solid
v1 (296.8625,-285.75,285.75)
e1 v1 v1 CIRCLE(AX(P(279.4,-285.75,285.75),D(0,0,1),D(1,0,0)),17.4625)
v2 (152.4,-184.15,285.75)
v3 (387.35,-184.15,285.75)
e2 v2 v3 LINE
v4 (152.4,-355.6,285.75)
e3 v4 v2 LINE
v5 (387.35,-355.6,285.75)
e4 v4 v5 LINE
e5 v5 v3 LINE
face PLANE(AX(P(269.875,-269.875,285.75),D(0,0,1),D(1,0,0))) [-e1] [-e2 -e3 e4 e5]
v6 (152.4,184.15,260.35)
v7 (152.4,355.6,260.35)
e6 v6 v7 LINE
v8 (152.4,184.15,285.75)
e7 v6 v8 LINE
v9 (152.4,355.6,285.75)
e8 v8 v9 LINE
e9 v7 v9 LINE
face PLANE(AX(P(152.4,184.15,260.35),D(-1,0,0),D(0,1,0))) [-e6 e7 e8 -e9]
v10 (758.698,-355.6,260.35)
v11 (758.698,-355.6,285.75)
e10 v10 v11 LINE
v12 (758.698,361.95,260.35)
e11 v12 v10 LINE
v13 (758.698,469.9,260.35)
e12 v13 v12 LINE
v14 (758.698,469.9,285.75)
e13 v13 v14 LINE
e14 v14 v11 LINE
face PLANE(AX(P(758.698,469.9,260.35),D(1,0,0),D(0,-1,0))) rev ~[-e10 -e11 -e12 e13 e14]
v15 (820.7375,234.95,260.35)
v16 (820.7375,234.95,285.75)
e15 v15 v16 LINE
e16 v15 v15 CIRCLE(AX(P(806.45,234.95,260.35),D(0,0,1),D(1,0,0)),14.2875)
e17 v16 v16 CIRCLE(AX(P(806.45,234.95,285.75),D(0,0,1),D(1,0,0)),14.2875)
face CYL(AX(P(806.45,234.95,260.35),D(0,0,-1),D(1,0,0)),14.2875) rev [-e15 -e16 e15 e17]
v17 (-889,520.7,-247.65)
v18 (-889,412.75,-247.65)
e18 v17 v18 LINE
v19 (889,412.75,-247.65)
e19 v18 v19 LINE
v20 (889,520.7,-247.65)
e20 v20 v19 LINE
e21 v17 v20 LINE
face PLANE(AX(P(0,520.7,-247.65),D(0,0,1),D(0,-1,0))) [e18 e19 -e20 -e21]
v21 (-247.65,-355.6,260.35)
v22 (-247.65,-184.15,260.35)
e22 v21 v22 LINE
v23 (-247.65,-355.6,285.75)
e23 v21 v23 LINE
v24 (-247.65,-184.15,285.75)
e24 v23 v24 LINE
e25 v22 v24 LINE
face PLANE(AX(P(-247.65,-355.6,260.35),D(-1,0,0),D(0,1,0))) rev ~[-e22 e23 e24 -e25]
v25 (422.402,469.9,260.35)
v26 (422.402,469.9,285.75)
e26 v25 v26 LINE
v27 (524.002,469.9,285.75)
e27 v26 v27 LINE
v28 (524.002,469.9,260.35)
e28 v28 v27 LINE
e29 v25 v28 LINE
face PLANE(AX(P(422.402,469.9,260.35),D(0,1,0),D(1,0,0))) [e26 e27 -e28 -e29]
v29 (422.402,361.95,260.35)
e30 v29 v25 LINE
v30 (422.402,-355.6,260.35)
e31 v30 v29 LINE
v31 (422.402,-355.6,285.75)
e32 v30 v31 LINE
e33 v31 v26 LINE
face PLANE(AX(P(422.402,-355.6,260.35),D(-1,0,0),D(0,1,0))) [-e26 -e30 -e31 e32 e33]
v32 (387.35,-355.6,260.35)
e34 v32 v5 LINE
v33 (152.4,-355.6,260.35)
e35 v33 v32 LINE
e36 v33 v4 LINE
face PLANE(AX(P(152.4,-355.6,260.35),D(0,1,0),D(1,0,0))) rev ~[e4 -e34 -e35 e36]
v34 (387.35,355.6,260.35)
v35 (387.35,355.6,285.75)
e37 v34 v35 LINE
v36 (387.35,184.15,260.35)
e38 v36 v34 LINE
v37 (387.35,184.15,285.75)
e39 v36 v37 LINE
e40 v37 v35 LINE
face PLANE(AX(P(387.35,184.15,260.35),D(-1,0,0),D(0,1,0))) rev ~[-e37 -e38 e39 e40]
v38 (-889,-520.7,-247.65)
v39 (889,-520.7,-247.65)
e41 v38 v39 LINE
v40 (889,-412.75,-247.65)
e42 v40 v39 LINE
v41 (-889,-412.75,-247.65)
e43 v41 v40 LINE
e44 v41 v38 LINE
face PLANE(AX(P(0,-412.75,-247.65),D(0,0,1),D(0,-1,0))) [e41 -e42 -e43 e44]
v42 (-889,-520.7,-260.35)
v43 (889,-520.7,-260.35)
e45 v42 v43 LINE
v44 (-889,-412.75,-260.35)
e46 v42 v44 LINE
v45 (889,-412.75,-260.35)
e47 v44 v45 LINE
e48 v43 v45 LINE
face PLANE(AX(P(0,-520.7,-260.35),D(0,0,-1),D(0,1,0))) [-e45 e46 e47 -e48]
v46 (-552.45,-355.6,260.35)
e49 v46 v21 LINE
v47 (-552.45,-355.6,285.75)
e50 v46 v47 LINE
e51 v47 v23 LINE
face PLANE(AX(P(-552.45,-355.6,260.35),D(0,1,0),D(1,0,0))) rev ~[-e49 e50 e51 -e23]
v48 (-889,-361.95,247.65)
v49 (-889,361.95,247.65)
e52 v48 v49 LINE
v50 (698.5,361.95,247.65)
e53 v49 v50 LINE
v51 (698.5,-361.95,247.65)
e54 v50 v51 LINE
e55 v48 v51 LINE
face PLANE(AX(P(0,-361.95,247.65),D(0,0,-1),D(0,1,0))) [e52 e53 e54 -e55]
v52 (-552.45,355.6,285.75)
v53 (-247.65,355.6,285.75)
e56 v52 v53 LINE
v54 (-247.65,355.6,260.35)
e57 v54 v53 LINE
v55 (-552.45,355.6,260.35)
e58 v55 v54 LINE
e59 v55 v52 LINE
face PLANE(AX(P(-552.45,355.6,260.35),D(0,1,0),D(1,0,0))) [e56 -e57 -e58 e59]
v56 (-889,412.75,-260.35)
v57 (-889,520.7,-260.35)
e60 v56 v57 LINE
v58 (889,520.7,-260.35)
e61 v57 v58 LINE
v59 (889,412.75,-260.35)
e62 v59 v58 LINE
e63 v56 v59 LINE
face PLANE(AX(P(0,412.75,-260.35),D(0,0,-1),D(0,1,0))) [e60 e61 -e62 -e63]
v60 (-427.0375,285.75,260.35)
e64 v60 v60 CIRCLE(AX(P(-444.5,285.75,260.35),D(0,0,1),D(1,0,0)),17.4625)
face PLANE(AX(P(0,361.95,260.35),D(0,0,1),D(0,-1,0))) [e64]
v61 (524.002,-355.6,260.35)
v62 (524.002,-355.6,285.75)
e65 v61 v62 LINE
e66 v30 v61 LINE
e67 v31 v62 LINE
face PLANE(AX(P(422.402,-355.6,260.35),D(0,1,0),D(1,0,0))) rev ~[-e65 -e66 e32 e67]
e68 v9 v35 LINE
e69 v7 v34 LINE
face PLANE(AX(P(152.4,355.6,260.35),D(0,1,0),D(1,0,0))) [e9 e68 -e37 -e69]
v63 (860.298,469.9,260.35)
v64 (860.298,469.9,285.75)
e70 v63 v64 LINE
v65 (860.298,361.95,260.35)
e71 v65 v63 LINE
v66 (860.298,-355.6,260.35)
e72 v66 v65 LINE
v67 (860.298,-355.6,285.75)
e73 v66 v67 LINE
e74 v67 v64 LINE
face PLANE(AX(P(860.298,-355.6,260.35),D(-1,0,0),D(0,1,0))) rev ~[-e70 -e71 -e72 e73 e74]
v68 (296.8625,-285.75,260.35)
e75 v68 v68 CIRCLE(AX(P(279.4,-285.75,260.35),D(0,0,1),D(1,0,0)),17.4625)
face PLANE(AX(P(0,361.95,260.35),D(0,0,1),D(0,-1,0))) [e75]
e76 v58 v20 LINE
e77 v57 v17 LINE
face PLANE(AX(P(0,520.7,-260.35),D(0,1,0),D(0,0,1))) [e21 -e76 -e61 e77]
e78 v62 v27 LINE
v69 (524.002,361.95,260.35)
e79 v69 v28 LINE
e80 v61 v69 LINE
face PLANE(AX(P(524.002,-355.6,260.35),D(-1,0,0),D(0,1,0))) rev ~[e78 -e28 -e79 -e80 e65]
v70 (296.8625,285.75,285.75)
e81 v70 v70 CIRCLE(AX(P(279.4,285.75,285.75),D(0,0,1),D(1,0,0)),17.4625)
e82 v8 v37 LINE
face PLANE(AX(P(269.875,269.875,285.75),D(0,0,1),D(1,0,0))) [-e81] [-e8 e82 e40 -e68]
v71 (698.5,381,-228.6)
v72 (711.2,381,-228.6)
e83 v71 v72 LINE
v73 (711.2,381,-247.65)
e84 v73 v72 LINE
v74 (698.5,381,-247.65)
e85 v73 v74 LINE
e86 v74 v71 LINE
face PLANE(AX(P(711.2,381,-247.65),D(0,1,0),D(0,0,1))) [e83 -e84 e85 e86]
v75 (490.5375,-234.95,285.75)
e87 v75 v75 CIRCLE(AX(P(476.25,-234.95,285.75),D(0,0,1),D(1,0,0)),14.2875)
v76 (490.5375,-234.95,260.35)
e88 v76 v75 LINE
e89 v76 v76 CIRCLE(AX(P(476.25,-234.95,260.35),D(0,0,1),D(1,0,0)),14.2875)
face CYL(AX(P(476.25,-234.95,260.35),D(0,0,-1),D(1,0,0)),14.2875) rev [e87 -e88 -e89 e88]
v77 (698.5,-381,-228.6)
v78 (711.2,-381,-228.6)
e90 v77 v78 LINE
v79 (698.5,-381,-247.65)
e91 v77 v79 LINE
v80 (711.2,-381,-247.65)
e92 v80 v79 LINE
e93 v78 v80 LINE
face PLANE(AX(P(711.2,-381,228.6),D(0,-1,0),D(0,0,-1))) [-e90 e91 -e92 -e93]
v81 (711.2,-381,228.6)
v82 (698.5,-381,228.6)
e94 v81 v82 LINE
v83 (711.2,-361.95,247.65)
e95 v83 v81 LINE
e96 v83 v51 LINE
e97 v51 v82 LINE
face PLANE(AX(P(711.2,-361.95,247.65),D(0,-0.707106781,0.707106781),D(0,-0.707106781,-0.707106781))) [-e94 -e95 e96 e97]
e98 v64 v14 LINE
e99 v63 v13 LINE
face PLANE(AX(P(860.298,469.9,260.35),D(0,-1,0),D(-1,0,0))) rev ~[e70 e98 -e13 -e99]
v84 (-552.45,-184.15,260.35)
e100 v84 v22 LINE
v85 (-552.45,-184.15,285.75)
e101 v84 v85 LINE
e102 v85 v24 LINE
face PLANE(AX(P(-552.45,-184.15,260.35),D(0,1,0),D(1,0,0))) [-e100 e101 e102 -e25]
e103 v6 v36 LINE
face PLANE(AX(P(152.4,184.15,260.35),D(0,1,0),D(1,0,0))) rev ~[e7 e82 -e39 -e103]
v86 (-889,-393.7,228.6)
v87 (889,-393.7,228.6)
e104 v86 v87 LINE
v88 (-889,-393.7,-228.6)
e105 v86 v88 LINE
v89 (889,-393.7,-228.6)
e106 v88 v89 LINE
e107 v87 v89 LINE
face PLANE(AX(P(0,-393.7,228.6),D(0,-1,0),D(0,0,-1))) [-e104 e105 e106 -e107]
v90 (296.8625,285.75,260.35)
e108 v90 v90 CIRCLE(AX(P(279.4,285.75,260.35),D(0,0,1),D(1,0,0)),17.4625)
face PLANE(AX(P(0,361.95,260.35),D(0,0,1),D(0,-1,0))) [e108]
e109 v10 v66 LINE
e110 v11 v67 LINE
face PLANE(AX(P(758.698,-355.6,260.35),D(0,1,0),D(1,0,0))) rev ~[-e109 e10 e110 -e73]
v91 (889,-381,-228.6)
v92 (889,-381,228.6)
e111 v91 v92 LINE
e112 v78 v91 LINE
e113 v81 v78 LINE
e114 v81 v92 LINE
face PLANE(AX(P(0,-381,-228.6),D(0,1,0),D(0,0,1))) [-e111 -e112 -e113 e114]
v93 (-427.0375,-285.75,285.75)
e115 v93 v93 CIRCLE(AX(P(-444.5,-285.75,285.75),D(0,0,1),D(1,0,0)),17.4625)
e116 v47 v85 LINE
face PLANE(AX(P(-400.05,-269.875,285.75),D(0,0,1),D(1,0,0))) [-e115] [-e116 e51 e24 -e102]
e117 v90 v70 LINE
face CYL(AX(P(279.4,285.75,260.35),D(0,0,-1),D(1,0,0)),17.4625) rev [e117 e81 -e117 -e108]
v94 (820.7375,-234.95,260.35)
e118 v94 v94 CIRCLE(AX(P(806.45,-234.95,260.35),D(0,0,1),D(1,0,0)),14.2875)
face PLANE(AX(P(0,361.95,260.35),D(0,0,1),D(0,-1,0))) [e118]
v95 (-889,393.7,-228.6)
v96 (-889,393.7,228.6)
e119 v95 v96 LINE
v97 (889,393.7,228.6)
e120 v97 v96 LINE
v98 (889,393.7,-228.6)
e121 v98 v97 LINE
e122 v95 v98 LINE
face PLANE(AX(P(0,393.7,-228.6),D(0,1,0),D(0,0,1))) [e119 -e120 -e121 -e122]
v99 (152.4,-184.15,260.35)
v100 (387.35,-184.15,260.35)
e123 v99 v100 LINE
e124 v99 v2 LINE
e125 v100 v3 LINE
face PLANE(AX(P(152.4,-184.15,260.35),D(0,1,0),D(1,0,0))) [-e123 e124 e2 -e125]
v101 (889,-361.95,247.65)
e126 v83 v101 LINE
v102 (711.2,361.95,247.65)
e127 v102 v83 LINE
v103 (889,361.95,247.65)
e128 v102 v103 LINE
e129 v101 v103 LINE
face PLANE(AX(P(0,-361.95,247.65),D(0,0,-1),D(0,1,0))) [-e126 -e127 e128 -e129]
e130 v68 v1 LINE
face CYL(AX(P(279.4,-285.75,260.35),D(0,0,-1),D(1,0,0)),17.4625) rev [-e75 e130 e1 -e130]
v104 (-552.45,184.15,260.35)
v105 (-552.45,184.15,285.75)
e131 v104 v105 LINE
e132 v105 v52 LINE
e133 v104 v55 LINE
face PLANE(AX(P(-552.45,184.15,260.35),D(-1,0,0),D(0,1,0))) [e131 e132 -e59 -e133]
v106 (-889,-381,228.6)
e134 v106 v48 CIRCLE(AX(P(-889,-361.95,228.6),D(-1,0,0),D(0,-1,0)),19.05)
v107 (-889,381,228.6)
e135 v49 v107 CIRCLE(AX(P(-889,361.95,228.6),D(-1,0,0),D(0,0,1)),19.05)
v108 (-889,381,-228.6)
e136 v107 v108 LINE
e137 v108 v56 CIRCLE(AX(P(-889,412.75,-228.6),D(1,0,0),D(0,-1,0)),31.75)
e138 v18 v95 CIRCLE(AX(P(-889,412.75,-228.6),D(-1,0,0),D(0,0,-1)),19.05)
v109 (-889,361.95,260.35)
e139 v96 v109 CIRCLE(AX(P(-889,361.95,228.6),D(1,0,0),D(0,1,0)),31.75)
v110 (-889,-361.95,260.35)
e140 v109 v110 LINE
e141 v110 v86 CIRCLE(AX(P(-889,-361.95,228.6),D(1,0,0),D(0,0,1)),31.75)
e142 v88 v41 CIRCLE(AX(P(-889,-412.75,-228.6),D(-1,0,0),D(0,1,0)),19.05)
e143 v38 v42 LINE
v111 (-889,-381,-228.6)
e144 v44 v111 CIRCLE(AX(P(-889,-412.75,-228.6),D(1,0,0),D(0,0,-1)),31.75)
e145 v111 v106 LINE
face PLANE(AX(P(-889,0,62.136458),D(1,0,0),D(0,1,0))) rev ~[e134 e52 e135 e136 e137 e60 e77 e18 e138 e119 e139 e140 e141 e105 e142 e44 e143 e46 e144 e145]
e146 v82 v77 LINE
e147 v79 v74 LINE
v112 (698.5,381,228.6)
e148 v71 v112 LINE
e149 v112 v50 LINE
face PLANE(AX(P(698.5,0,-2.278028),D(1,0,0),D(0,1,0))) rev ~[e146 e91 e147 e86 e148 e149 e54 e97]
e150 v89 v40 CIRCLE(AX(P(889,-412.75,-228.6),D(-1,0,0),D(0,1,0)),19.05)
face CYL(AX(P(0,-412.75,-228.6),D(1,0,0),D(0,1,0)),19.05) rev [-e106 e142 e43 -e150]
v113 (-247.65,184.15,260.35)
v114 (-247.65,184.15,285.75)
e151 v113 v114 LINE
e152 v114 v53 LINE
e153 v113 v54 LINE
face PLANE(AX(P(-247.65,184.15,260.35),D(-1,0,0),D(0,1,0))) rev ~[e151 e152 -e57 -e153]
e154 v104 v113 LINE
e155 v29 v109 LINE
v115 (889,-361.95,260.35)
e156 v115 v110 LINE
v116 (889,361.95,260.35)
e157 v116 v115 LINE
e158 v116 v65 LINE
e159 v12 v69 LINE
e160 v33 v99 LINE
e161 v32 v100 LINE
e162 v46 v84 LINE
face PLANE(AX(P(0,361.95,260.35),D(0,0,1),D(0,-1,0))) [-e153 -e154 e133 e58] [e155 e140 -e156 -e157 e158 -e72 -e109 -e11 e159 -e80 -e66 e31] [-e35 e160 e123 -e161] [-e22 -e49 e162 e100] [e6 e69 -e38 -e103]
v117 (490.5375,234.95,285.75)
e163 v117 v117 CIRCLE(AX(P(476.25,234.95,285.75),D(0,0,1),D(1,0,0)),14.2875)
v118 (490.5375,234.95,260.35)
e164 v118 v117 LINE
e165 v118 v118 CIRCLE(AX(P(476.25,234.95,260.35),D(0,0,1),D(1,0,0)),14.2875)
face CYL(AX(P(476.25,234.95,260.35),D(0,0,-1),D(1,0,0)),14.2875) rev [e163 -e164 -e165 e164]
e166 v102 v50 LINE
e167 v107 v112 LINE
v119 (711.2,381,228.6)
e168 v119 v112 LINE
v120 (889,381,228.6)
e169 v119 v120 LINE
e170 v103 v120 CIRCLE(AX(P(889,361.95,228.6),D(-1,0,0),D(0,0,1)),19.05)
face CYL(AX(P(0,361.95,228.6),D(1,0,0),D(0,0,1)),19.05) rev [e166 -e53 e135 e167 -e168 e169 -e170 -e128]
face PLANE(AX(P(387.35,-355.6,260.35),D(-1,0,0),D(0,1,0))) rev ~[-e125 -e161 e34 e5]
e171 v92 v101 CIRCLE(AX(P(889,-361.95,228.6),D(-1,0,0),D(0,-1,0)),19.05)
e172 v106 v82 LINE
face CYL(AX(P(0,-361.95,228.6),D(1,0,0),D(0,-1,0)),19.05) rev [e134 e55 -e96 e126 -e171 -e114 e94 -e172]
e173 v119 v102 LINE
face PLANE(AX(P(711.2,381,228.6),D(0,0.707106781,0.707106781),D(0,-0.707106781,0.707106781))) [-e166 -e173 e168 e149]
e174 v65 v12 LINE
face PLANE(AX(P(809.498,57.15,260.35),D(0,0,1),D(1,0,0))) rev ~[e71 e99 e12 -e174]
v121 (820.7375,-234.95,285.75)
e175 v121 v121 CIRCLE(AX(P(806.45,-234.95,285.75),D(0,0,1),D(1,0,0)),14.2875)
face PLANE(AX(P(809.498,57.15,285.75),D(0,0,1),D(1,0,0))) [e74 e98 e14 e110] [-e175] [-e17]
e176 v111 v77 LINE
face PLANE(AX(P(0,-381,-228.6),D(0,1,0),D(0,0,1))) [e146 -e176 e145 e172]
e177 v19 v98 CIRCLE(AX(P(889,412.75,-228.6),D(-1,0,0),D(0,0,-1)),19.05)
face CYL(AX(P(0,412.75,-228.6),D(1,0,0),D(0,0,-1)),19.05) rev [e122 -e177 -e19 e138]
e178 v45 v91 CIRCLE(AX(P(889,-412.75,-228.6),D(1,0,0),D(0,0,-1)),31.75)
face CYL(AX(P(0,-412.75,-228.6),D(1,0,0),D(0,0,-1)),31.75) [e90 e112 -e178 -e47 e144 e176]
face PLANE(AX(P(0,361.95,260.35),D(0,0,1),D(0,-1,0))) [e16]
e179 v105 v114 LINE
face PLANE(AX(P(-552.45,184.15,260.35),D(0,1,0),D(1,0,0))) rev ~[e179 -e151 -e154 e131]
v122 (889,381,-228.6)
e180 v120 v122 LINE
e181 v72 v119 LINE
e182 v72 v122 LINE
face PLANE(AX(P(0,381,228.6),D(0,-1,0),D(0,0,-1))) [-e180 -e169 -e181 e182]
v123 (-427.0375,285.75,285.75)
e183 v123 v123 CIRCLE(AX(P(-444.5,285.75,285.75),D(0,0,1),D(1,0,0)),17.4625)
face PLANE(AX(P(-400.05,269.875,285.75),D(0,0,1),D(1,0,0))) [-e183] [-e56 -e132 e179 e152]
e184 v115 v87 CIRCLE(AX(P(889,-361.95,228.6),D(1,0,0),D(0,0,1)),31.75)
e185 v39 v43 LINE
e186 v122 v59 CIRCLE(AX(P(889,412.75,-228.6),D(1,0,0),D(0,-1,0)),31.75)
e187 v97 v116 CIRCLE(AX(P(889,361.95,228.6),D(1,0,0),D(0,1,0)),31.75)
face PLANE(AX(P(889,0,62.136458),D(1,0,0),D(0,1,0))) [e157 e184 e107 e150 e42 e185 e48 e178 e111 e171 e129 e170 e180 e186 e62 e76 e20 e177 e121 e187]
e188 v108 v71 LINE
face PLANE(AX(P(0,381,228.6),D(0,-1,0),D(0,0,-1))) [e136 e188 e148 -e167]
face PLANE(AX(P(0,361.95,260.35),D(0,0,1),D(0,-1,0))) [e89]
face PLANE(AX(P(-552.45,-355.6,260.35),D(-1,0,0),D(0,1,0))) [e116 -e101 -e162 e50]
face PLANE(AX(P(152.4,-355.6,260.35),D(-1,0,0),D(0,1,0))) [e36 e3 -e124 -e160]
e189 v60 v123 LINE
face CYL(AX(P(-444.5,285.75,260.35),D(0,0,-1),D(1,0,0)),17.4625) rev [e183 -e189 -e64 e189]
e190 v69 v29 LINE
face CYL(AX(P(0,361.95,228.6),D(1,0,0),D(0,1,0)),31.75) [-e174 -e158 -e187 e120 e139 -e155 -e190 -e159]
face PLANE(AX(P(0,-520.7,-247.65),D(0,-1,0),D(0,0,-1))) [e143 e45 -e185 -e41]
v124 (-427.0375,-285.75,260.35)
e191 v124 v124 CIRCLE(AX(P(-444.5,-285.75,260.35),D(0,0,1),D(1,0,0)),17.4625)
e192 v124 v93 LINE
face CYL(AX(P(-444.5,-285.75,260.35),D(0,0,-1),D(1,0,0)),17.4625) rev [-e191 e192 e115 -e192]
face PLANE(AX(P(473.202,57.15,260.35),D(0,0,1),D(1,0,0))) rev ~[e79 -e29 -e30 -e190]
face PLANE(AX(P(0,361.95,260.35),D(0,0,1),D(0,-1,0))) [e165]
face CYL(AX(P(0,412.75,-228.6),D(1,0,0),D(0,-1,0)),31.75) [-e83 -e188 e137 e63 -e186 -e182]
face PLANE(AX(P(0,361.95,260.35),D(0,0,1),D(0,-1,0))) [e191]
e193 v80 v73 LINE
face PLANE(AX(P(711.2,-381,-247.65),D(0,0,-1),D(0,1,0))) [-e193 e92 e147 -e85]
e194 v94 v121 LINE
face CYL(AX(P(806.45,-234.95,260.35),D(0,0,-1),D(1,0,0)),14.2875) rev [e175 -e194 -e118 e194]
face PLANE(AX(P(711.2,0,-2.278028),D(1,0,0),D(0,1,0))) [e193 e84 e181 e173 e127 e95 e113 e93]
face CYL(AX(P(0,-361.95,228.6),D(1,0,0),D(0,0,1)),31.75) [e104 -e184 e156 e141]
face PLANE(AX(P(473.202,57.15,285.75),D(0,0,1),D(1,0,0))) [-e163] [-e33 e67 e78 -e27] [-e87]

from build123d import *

# Parameters (mm, degrees)
F1_DEPTH = 889
F2_W     = 234.95
F2_H     = 171.45
F2_R     = 17.4625
F2_W_2   = 304.8
F3_DEPTH = 25.4
F4_W     = 101.6
F4_H     = 825.5
F4_R     = 14.2875
F5_DEPTH = 25.4
F8_DEPTH = 12.7


with BuildPart() as f1:
    # F0 (on Right) → F1 (new body, symmetric)
    with BuildSketch(Plane.YZ):
        with BuildLine():
            Line((0, 260.35), (-361.95, 260.35))
            ThreePointArc((-361.95, 260.35), (-384.4006403027, 251.0506403027), (-393.7, 228.6))
            Line((-393.7, 228.6), (-393.7, -228.6))
            ThreePointArc((-393.7, -228.6), (-399.2796158184, -242.0703841816), (-412.75, -247.65))
            Line((-412.75, -247.65), (-520.7, -247.65))
            Line((-520.7, -247.65), (-520.7, -260.35))
            Line((-520.7, -260.35), (-412.75, -260.35))
            ThreePointArc((-412.75, -260.35), (-390.2993596973, -251.0506403027), (-381, -228.6))
            Line((-381, -228.6), (-381, 228.6))
            ThreePointArc((-381, 228.6), (-375.4203841816, 242.0703841816), (-361.95, 247.65))
            Line((-361.95, 247.65), (0, 247.65))
            Line((0, 247.65), (361.95, 247.65))
            ThreePointArc((361.95, 247.65), (375.4203841816, 242.0703841816), (381, 228.6))
            Line((381, 228.6), (381, -228.6))
            ThreePointArc((381, -228.6), (390.2993596973, -251.0506403027), (412.75, -260.35))
            Line((412.75, -260.35), (520.7, -260.35))
            Line((520.7, -260.35), (520.7, -247.65))
            Line((520.7, -247.65), (412.75, -247.65))
            ThreePointArc((412.75, -247.65), (399.2796158184, -242.0703841816), (393.7, -228.6))
            Line((393.7, -228.6), (393.7, 228.6))
            ThreePointArc((393.7, 228.6), (384.4006403027, 251.0506403027), (361.95, 260.35))
            Line((361.95, 260.35), (0, 260.35))
        make_face()
    extrude(amount=F1_DEPTH, both=True)

    # F2 (on face) → F3 (join)
    with BuildSketch(Plane.XY.offset(260.35)):
        with Locations((269.875, -269.875)):
            Rectangle(F2_W, F2_H)
        with Locations((279.4, -285.75)):
            Circle(F2_R, mode=Mode.SUBTRACT)
        with Locations((-400.05, -269.875)):
            Rectangle(F2_W_2, F2_H)
        with Locations((-444.5, -285.75)):
            Circle(F2_R, mode=Mode.SUBTRACT)
        with Locations((-400.05, 269.875)):
            Rectangle(F2_W_2, F2_H)
        with Locations((-444.5, 285.75)):
            Circle(F2_R, mode=Mode.SUBTRACT)
        with Locations((269.875, 269.875)):
            Rectangle(F2_W, F2_H)
        with Locations((279.4, 285.75)):
            Circle(F2_R, mode=Mode.SUBTRACT)
    extrude(amount=F3_DEPTH)

    # F4 (on face) → F5 (join)
    with BuildSketch(Plane.XY.offset(260.35)):
        with Locations((473.202, 57.15)):
            Rectangle(F4_W, F4_H)
        with Locations((476.25, -234.95)):
            Circle(F4_R, mode=Mode.SUBTRACT)
        with Locations((476.25, 234.95)):
            Circle(F4_R, mode=Mode.SUBTRACT)
        Polygon((758.698, -355.6), (860.298, -355.6), (860.298, 361.95), (860.298, 469.9), (758.698, 469.9), (758.698, 361.95), align=None)
        with Locations((806.45, -234.95)):
            Circle(F4_R, mode=Mode.SUBTRACT)
        with Locations((806.45, 234.95)):
            Circle(F4_R, mode=Mode.SUBTRACT)
    extrude(amount=F5_DEPTH)

    # F7 (on offset) → F8 (join)
    with BuildSketch(Plane.YZ.offset(711.2)):
        Polygon((-361.95, 247.65), (-381, 228.6), (-381, -247.65), (381, -247.65), (381, 228.6), (361.95, 247.65), align=None)
    extrude(amount=-F8_DEPTH)


solid = f1.part
